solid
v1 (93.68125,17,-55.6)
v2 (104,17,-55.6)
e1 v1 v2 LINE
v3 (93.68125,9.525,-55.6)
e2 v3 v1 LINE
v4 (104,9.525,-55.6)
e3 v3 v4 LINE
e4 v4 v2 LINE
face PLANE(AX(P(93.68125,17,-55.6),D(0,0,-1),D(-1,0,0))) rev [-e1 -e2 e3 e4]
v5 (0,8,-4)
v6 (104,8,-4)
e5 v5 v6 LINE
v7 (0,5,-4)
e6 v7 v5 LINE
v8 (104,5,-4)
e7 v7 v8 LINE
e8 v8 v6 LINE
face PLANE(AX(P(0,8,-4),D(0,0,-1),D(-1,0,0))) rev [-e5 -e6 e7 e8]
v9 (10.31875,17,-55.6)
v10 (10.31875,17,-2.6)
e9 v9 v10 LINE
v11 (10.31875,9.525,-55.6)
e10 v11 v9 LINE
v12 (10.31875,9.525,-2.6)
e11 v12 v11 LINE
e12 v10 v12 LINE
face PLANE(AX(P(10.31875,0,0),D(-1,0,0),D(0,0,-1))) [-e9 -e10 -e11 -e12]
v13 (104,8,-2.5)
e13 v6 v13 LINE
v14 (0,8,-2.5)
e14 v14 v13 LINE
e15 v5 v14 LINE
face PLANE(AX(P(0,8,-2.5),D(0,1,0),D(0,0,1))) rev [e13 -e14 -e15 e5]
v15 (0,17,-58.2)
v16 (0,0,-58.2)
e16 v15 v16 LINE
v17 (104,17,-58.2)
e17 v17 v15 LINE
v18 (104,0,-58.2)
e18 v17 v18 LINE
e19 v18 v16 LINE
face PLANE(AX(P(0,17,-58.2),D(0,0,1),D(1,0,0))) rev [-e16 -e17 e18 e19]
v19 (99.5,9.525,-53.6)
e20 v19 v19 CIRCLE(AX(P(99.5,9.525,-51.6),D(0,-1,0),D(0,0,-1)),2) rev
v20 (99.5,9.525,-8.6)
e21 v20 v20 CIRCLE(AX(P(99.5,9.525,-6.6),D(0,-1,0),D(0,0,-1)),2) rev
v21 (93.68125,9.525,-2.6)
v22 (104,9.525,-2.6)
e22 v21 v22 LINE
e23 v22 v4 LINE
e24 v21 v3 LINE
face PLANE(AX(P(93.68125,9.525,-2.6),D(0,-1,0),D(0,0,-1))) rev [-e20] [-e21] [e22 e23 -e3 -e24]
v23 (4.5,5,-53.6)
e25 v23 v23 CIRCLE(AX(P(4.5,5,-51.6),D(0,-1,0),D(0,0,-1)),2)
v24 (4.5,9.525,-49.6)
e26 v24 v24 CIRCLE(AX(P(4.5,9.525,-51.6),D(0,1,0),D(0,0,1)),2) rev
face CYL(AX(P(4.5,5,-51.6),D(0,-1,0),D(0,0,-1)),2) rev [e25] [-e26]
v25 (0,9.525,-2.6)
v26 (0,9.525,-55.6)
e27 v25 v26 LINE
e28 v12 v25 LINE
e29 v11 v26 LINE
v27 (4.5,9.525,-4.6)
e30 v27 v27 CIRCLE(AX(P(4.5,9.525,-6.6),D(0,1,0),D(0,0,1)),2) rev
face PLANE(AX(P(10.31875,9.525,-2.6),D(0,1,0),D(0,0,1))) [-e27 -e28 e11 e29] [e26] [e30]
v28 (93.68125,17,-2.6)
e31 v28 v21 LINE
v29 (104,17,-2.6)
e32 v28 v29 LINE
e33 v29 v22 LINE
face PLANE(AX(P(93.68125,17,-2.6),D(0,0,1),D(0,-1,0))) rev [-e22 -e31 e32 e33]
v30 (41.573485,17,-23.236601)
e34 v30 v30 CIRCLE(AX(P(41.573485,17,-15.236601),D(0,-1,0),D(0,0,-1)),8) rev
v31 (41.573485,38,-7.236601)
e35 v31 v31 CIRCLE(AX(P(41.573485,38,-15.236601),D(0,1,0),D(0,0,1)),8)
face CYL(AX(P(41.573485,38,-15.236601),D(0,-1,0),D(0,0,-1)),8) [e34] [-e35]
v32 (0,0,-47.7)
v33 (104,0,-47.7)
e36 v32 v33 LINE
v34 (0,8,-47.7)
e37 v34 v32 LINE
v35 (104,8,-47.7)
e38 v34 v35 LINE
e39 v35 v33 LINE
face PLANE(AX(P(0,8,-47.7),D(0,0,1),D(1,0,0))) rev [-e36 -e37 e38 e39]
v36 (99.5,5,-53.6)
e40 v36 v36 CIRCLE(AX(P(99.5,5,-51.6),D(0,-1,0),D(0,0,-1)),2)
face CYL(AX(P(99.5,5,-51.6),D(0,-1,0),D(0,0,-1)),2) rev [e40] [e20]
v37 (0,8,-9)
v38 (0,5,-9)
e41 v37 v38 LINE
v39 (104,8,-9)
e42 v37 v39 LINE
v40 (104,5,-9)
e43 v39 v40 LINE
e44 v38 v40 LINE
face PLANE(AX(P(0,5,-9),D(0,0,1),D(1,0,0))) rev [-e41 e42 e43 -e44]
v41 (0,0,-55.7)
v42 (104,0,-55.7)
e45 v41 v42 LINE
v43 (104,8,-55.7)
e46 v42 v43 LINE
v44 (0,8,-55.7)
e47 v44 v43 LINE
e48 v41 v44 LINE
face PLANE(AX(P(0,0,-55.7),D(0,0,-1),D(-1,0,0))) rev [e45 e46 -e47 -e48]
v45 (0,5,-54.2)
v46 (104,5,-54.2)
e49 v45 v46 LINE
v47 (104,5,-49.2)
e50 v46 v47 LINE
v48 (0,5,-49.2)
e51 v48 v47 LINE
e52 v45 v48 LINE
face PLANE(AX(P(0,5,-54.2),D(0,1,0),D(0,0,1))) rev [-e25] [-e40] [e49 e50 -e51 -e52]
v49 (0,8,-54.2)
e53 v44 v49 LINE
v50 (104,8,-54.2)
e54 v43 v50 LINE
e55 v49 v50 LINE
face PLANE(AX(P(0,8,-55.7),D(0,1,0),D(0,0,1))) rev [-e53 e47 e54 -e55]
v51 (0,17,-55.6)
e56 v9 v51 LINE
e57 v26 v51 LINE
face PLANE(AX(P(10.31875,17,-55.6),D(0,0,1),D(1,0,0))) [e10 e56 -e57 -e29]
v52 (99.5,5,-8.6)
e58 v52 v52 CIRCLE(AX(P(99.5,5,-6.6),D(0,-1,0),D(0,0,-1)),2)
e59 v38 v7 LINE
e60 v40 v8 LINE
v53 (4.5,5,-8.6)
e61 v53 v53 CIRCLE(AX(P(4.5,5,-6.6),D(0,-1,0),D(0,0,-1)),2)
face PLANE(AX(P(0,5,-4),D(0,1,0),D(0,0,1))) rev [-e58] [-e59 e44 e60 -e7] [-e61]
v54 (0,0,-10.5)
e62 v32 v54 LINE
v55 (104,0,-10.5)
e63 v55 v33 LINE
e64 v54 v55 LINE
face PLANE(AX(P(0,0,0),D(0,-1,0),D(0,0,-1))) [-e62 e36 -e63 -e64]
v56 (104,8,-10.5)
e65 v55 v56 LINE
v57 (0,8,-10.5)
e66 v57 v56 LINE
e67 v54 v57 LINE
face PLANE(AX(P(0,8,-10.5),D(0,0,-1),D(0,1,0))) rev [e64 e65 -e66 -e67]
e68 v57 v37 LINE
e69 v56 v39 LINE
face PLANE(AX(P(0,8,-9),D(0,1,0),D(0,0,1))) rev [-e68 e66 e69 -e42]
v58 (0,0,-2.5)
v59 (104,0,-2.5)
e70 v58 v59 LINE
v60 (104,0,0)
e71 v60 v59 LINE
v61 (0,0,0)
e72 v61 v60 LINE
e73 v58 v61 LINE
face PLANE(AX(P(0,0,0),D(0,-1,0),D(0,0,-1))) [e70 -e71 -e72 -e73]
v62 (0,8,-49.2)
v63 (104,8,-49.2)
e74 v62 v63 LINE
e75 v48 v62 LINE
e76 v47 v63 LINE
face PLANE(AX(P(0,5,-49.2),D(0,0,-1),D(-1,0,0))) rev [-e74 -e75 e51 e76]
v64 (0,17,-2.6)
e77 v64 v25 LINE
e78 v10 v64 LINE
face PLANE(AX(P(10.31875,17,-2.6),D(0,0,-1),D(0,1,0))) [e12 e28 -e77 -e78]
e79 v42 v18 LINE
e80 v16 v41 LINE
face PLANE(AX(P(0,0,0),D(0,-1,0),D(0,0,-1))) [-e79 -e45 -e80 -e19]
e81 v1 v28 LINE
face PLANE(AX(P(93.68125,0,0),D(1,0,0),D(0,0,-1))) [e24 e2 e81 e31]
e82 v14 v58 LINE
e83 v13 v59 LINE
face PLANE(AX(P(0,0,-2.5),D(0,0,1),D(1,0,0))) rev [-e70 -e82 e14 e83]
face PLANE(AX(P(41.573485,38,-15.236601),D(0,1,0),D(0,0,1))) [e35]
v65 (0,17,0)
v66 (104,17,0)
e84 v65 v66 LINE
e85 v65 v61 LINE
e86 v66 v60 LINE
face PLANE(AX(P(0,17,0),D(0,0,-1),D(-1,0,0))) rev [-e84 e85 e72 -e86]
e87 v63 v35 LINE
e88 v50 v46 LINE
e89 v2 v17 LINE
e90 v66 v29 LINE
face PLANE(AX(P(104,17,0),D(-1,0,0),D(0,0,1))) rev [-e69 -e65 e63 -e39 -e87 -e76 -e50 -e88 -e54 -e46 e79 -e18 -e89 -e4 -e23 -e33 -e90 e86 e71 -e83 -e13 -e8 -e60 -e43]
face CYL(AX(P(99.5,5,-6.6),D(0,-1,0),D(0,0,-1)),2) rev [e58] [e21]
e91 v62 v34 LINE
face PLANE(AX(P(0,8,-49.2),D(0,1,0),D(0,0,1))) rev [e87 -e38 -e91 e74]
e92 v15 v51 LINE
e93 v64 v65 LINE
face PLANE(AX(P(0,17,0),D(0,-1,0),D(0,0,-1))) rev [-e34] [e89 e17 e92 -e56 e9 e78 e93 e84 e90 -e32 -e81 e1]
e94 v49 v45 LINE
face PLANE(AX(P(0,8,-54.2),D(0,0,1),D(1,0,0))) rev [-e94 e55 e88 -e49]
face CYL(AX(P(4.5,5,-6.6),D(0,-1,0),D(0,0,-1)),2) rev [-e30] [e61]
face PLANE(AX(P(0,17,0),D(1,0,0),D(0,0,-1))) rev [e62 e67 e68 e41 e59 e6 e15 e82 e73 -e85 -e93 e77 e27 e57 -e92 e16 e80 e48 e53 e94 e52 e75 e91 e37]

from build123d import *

# Parameters (mm, degrees)
SKETCH1_W             = 104
SKETCH1_H             = 58.2
BOSS_EXTRUDE1_DEPTH   = 17
CUT_EXTRUDE2_DEPTH    = 105
SKETCH3_R             = 8
BOSS_EXTRUDE2_DEPTH   = 21
F_4_0MM_DOWEL_HOLE1_D = 4
SKETCH6_W             = 53
SKETCH6_H             = 7.475
CUT_EXTRUDE3_DEPTH    = 10.31875


with BuildPart() as part:
    # Sketch1 → Boss-Extrude1 (new body)
    with BuildSketch(Plane(origin=(0, 0, 0), x_dir=(1, 0, 0), z_dir=(0, 1, 0))):
        with Locations((52, 29.1)):
            Rectangle(SKETCH1_W, SKETCH1_H)
    extrude(amount=BOSS_EXTRUDE1_DEPTH)

    # Sketch2 → Cut-Extrude2 (cut, through all)
    with BuildSketch(Plane(origin=(104, 0, 0), x_dir=(0, 0, -1), z_dir=(1, 0, 0))):
        Polygon((2.5, 0), (2.5, 8), (4, 8), (4, 5), (9, 5), (9, 8), (10.5, 8), (10.5, 0), align=None)
        Polygon((47.7, 8), (47.7, 0), (55.7, 0), (55.7, 8), (54.2, 8), (54.2, 5), (49.2, 5), (49.2, 8), align=None)
    extrude(amount=-CUT_EXTRUDE2_DEPTH, mode=Mode.SUBTRACT)

    # Sketch3 → Boss-Extrude2 (add)
    with BuildSketch(Plane(origin=(0, 17, 0), x_dir=(1, 0, 0), z_dir=(0, 1, 0))):
        with Locations((41.573485345, 15.236601424)):
            Circle(SKETCH3_R)
    extrude(amount=BOSS_EXTRUDE2_DEPTH)

    # Ø4.0mm Dowel Hole1 (through all)
    with Locations(Plane(origin=(0, 5, 0), x_dir=(-1, 0, 0), z_dir=(0, -1, 0))):
        with Locations((-4.5, 51.6), (-4.5, 6.6), (-99.5, 6.6), (-99.5, 51.6)):
            Hole(F_4_0MM_DOWEL_HOLE1_D / 2)

    # Sketch6 → Cut-Extrude3 (cut)
    with BuildSketch(Plane(origin=(104, 0, 0), x_dir=(0, 0, -1), z_dir=(1, 0, 0))):
        with Locations((29.1, 13.2625)):
            Rectangle(SKETCH6_W, SKETCH6_H)
    cut_extrude3 = extrude(amount=-CUT_EXTRUDE3_DEPTH, mode=Mode.SUBTRACT)

    # Mirror1: Cut-Extrude3 across plane
    add(cut_extrude3.mirror(Plane.ZY.offset(-52.00000014)), mode=Mode.SUBTRACT)


solid = part.part
